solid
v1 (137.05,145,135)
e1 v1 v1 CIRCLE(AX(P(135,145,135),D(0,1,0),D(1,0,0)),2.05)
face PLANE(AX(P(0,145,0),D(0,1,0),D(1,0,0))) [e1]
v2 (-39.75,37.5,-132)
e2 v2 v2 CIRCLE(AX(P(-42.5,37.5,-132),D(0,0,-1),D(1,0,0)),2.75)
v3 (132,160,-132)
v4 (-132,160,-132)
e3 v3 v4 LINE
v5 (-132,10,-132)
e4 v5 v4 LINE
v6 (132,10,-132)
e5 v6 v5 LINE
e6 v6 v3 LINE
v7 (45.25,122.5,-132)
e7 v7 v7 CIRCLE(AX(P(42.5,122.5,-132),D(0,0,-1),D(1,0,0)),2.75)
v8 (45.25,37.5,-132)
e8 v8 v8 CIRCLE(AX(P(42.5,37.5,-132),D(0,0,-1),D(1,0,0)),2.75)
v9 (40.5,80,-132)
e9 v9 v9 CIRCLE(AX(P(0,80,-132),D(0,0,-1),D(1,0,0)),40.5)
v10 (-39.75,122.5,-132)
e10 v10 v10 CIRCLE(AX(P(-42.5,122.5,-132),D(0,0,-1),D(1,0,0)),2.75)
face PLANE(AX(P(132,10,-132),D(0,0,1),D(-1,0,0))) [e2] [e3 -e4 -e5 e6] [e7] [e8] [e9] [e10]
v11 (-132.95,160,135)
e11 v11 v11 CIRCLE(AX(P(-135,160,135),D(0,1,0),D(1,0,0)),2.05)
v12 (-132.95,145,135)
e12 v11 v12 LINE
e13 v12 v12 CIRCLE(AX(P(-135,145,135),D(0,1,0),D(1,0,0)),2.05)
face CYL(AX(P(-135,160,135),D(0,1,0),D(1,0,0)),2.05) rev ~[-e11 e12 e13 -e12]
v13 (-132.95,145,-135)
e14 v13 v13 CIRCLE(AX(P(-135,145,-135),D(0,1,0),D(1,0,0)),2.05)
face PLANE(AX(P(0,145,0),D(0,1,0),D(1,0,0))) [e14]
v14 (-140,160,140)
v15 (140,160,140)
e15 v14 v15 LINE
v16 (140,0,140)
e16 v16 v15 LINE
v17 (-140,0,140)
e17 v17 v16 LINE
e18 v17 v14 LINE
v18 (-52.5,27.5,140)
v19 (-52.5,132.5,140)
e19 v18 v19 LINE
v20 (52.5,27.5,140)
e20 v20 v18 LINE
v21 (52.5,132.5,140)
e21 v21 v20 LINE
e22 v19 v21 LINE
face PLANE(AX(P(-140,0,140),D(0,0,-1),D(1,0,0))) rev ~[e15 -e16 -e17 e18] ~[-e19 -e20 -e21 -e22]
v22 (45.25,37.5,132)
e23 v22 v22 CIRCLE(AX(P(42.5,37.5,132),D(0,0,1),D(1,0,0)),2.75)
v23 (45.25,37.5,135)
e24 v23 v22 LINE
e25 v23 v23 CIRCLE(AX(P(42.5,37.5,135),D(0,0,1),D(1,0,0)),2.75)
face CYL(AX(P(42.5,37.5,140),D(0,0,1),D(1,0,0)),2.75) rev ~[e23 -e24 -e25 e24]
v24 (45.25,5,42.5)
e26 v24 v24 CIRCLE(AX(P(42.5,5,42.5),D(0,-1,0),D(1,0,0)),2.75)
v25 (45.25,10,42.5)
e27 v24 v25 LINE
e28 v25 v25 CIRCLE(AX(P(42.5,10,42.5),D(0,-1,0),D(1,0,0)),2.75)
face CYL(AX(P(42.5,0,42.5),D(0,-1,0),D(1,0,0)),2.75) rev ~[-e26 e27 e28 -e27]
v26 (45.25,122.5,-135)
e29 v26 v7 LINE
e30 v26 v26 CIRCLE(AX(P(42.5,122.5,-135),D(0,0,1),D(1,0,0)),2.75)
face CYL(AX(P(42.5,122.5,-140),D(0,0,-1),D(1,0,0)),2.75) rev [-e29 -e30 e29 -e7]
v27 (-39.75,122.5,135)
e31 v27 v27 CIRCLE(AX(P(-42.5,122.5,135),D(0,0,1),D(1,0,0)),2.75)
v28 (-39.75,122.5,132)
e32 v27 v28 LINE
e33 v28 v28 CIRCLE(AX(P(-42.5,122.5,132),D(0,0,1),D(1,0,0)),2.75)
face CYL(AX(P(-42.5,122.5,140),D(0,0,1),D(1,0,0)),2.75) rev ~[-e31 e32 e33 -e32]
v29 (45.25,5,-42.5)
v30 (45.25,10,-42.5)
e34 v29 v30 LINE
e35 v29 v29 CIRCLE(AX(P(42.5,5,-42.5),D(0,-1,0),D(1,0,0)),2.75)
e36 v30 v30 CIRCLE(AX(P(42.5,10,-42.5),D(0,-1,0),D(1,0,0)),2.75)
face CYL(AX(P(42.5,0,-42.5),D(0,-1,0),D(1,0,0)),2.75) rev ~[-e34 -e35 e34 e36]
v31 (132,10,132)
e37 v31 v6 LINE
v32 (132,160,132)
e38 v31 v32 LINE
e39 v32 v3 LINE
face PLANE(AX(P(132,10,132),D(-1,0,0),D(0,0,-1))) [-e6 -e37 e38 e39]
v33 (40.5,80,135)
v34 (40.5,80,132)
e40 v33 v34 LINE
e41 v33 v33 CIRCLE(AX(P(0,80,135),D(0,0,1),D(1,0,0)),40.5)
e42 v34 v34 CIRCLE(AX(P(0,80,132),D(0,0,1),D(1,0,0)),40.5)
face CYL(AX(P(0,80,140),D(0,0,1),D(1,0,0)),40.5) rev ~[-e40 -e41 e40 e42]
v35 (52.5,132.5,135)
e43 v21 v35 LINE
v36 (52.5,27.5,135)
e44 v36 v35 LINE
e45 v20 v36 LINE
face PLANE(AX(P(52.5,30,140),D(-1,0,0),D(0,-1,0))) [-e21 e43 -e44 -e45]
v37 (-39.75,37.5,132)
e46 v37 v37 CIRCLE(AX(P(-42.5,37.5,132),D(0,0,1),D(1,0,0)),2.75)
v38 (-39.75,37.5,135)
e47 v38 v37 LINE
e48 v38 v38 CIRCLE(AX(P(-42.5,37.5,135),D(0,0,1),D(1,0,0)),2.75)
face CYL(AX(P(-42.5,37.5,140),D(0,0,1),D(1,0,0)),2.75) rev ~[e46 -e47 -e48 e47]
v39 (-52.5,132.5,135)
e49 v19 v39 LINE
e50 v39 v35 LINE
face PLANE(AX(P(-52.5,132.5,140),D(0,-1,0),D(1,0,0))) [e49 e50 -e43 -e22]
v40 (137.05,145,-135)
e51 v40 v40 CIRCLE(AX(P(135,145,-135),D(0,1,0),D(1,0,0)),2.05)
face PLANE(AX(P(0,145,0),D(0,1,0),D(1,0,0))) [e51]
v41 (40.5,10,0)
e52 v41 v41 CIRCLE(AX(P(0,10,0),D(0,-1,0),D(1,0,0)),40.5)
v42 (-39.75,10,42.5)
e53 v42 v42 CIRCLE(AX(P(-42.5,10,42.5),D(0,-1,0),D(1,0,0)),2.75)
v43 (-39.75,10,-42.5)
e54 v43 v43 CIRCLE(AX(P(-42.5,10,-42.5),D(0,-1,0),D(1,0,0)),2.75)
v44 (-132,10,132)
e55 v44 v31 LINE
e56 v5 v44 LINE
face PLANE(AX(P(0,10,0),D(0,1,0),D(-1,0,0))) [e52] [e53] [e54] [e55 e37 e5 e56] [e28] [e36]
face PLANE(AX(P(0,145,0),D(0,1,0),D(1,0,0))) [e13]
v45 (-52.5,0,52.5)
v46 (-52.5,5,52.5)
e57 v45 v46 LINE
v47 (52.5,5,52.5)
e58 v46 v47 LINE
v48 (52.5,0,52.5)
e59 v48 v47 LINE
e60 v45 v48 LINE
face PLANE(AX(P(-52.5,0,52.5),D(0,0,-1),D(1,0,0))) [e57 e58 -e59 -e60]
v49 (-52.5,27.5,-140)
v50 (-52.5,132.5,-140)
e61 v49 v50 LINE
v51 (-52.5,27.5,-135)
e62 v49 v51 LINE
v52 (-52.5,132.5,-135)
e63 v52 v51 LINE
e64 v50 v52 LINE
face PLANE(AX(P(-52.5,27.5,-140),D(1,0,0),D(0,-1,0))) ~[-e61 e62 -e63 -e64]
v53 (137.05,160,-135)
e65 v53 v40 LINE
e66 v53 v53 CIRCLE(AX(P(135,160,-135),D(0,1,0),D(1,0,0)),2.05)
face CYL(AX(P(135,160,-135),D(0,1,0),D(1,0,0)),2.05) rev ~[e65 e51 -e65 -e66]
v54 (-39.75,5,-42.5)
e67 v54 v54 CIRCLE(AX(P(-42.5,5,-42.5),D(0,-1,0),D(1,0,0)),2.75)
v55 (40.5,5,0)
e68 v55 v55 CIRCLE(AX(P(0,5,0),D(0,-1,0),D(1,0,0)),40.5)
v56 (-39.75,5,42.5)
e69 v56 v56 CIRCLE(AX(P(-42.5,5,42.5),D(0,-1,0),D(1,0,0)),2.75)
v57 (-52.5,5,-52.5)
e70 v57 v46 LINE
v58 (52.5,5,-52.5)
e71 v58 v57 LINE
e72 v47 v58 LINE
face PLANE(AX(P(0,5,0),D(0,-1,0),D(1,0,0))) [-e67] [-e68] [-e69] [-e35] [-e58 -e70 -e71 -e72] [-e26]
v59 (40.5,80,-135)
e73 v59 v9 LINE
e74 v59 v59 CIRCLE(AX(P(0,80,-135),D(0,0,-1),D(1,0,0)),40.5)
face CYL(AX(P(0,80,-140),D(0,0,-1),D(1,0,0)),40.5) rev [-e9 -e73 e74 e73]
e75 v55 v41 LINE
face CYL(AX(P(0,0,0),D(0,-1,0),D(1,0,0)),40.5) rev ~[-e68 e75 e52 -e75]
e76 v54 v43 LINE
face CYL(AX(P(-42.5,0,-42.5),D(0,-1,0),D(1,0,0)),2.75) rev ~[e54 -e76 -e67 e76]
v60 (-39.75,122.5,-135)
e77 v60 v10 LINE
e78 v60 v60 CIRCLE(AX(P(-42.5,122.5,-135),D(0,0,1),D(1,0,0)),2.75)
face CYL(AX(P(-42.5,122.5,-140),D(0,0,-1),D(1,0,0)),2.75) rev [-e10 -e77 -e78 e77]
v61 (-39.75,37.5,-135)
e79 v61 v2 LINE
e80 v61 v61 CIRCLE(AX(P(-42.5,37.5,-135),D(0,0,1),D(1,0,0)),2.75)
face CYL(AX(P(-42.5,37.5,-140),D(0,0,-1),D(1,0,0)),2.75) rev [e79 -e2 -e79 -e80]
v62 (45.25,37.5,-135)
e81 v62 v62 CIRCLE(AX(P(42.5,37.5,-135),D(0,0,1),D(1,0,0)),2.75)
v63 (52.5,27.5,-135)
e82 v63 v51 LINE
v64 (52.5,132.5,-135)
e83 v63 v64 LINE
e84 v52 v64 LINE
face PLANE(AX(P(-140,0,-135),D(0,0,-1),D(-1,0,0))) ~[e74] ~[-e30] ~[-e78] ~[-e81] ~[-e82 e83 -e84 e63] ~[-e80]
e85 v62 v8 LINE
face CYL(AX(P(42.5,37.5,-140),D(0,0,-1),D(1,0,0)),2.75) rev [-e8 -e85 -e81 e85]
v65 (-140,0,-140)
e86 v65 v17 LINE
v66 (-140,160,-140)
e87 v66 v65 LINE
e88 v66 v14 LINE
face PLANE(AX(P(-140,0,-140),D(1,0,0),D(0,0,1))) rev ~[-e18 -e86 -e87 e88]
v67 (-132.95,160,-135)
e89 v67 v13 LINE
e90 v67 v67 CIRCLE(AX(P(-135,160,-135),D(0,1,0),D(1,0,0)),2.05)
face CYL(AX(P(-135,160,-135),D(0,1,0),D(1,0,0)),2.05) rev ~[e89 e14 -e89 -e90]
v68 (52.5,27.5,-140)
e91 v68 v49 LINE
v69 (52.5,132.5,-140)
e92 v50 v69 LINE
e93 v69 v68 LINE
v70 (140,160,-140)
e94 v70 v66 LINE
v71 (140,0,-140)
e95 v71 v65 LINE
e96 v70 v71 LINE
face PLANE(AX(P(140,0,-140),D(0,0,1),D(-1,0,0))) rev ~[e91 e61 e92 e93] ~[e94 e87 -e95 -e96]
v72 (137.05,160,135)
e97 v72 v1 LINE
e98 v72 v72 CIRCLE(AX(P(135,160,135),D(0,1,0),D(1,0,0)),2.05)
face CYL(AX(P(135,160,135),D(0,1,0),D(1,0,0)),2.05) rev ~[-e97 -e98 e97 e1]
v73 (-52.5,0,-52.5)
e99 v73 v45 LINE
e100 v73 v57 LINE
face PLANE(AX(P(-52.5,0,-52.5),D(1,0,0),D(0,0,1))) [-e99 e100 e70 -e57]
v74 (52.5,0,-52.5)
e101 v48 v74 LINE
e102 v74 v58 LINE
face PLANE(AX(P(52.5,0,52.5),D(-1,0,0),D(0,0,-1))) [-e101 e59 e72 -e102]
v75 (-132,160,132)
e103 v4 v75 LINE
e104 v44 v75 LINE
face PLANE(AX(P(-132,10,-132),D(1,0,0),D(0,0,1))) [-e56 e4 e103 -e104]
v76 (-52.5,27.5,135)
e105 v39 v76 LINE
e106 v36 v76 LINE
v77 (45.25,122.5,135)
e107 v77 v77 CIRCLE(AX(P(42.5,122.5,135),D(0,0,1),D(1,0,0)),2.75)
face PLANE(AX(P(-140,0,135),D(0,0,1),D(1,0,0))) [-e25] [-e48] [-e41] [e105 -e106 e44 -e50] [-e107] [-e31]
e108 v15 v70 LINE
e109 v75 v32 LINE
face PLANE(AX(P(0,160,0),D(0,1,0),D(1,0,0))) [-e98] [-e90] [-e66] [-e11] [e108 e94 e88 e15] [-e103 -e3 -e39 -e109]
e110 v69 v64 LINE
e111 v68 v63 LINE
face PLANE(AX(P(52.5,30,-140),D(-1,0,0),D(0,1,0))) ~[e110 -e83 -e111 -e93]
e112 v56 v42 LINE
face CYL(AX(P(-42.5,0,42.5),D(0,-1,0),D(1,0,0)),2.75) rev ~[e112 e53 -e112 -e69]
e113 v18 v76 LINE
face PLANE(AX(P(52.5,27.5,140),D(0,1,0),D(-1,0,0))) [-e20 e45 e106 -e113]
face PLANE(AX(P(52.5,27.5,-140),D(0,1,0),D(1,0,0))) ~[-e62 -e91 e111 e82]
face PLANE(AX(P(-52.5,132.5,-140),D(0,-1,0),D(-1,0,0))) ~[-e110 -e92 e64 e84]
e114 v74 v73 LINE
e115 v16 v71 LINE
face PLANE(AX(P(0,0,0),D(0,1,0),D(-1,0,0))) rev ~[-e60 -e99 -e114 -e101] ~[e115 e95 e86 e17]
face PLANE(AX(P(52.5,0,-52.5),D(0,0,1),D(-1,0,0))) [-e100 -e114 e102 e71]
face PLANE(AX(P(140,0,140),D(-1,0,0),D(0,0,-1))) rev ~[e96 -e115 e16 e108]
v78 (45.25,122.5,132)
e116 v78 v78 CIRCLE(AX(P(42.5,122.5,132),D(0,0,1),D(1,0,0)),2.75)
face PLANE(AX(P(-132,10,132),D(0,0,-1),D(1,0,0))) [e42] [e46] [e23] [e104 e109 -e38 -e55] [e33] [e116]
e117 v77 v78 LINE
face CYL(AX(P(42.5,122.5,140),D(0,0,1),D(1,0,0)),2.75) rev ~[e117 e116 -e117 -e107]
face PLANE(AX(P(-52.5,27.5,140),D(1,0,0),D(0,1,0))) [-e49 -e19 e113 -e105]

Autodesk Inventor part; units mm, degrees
ref_plane "YZ Plane" through (0, 0, 0) normal (1, 0, 0) x (0, 1, 0)
ref_plane "XZ Plane" through (0, 0, 0) normal (0, 1, 0) x (-1, 0, 0)
ref_plane "XY Plane" through (0, 0, 0) normal (0, 0, 1) x (1, 0, 0)
sketch "Sketch1" plane through (0, 0, 0) normal (0, 1, 0) x (-1, 0, 0)
  line L0 (140, 140) -> (-140, 140)
  line L1 (-140, 140) -> (-140, -140)
  line L2 (-140, -140) -> (140, -140)
  line L3 (140, -140) -> (140, 140)
  point P0 (0, 0)
  point P1 (140, 0)
  point P2 (0, -140)
  dimension "d0" = 280
  dimension "d1" = 280
extrude "Extrusion1" add sketch "Sketch1" along normal blind 10
sketch "Sketch2" plane through (0, 10, 0) normal (0, 1, 0) x (1, 0, 0)
  line L0 (-140, -140) -> (140, -140)
  line L1 (140, -140) -> (140, 140)
  line L2 (140, 140) -> (-140, 140)
  line L3 (-140, 140) -> (-140, -140)
  line L4 (-132, -132) -> (132, -132)
  line L5 (132, -132) -> (132, 132)
  line L6 (132, 132) -> (-132, 132)
  line L7 (-132, 132) -> (-132, -132)
  point P0 (0, 0)
  dimension "d4" = 8
extrude "Extrusion2" add sketch "Sketch2" along normal blind 150
sketch "Sketch3" plane through (0, 160, 0) normal (0, 1, 0) x (1, 0, 0)
  circle A0 centre (-135, 135) radius 2.05
  circle A1 centre (135, 135) radius 2.05
  circle A2 centre (135, -135) radius 2.05
  circle A3 centre (-135, -135) radius 2.05
  line L0 (140, -140) -> (140, 140) projected
  line L1 (-140, -140) -> (140, -140) projected
  line L2 (140, 140) -> (-140, 140) projected
  line L3 (-140, 140) -> (-140, -140) projected
  point P0 (0, 0)
  dimension "d8" = 4.1
  dimension "d12" = 5
  dimension "d16" = 5
  dimension "d18" = 4.1
  dimension "d19" = 5
  dimension "d20" = 5
  dimension "d21" = 4.1
  dimension "d22" = 5
  dimension "d23" = 5
  dimension "d24" = 5
  dimension "d25" = 5
  dimension "d26" = 4.1
extrude "Extrusion3" cut sketch "Sketch3" against normal blind 15 contours A0 | A1 | A2 | A3
sketch "Sketch4" plane through (140, 0, 140) normal (1, 0, 0) x (0, 0, -1)
  line L0 (90, 130) -> (190, 130)
  line L1 (190, 130) -> (190, 30)
  line L2 (190, 30) -> (90, 30)
  line L3 (90, 30) -> (90, 130)
  line L4 (0, 160) -> (280, 160) projected
  line L5 (280, 0) -> (280, 160) projected
  point P0 (140, 0)
  point P1 (140, 130)
  point P2 (140, 160)
  point P3 (190, 80)
  point P4 (280, 80)
  dimension "d29" = 100
  dimension "d30" = 100
sketch "Sketch5" plane through (-140, 0, 140) normal (0, 0, 1) x (1, 0, 0)
  line L0 (280, 0) -> (280, 160) projected
  line L1 (0, 160) -> (280, 160) projected
  circle A0 centre (140, 80) radius 40.5
  point P0 (140, 0)
  point P1 (195.958, 80)
  point P2 (280, 80)
  point P3 (140, 107.0458)
  point P4 (140, 160)
  point P5 (280, 80)
  point P6 (140, 160)
  dimension "d81" = 81
extrude "Extrusion4" cut sketch "Sketch5" against normal blind 10
sketch "Sketch6" plane through (-140, 0, 140) normal (0, 0, 1) x (1, 0, 0)
  line L0 (192.5, 27.5) -> (87.5, 27.5)
  line L1 (87.5, 27.5) -> (87.5, 132.5)
  line L2 (87.5, 132.5) -> (192.5, 132.5)
  line L3 (192.5, 132.5) -> (192.5, 27.5)
  line L4 (0, 0) -> (280, 0) projected
  line L5 (0, 0) -> (0, 160) projected
  circle A0 centre (182.5, 37.5) radius 2.75
  circle A1 centre (182.5, 122.5) radius 2.75
  circle A2 centre (97.5, 37.5) radius 2.75
  circle A3 centre (97.5, 122.5) radius 2.75
  line L6 (210, 30) -> (70, 30)
  point P0 (140, 0)
  point P1 (49.5, 158)
  point P2 (180.5, 27)
  point P3 (140, 27.5)
  point P4 (140, 0)
  point P5 (87.5, 80)
  point P6 (0, 80)
  point P7 (60, 80)
  point P8 (140, 30)
  dimension "d108" = 105
  dimension "d109" = 105
  dimension "d112" = 5.5
  dimension "d113" = 10
  dimension "d114" = 10
  dimension "d117" = 85
  dimension "d120" = 85
sketch "Sketch7" plane through (0, 10, 0) normal (0, 1, 0) x (1, 0, 0)
  line L0 (132, 132) -> (132, -132) construction
  line L1 (132, 0) -> (-132, 0) construction
  line L2 (-132, -132) -> (-132, 132) construction
  point P0 (0, 0)
ref_plane "Work Plane1" through (132, 10, 0) normal (0, 0, -1) x (-1, 0, 0)
extrude "Extrusion13" cut sketch "Sketch6" against normal blind 5
mirror "Mirror2" about plane through (132, 10, 0) normal (0, 0, -1) of "Extrusion4"
sketch "Sketch8" plane through (0, 0, 0) normal (0, -1, 0) x (1, 0, 0)
  line L0 (75, -75) -> (-75, -75)
  line L1 (-75, -75) -> (-75, 75)
  line L2 (-75, 75) -> (75, 75)
  line L3 (75, 75) -> (75, -75)
  circle A0 centre (65, -65) radius 2.75
  circle A1 centre (65, 65) radius 2.75
  circle A2 centre (-65, -65) radius 2.75
  circle A3 centre (-65, 65) radius 2.75
  circle A4 centre (0, 0) radius 40.5
  point P0 (-35, 0)
  point P1 (0, -35)
  point P2 (75, 0)
  point P3 (0, -75)
  dimension "d58" = 130
  dimension "d65" = 130
  dimension "d82" = 81
  dimension "d83" = 150
  dimension "d84" = 150
  dimension "d85" = 10
  dimension "d86" = 10
  dimension "d87" = 130
  dimension "d88" = 130
  dimension "d89" = 5.5
  dimension "d90" = 5.5
  dimension "d91" = 5.5
  dimension "d92" = 5.5
extrude "Extrusion9" cut sketch "Sketch8" against normal blind 10 contours A4
sketch "Sketch13" plane through (0, 0, 0) normal (0, -1, 0) x (1, 0, 0)
  line L0 (-52.5, 52.5) -> (52.5, 52.5)
  line L1 (52.5, 52.5) -> (52.5, -52.5)
  line L2 (52.5, -52.5) -> (-52.5, -52.5)
  line L3 (-52.5, -52.5) -> (-52.5, 52.5)
  circle A0 centre (-42.5, 42.5) radius 2.75
  circle A1 centre (-42.5, -42.5) radius 2.75
  circle A2 centre (42.5, -42.5) radius 2.75
  circle A3 centre (42.5, 42.5) radius 2.75
  point P0 (0, 0)
  point P1 (52.5, 0)
  point P2 (0, 52.5)
  dimension "d95" = 105
  dimension "d96" = 105
  dimension "d97" = 5.5
  dimension "d98" = 10
  dimension "d99" = 10
  dimension "d102" = 360
extrude "Extrusion10" cut sketch "Sketch13" against normal blind 5
sketch "Sketch14" plane through (42.5, 0, 42.5) normal (0, -1, 0) x (1, 0, 0)
  circle A0 centre (0, 0) radius 2.75 projected
  circle A1 centre (0, 0) radius 2.75
  circle A2 centre (0, -85) radius 2.75 projected
  circle A3 centre (0, -85) radius 2.75
  circle A4 centre (-85, -85) radius 2.75 projected
  circle A5 centre (-85, -85) radius 2.75
  circle A6 centre (-85, 0) radius 2.75
  circle A7 centre (-85, 0) radius 2.75 projected
  point P0 (-42.5, -42.5)
extrude "Extrusion11" cut sketch "Sketch14" against normal up to next
sketch "Sketch16" plane through (-42.5, 122.5, 140) normal (0, 0, 1) x (1, 0, 0)
  circle A0 centre (0, 0) radius 2.75
  circle A1 centre (85, 0) radius 2.75
  circle A2 centre (85, 0) radius 2.75 projected
  circle A3 centre (85, -85) radius 2.75
  circle A4 centre (85, -85) radius 2.75 projected
  circle A5 centre (0, -85) radius 2.75
  circle A6 centre (0, -85) radius 2.75 projected
  circle A7 centre (0, 0) radius 2.75 projected
  point P0 (42.5, -122.5)
  dimension "d129" = 5.5
  dimension "d130" = 5.5
  dimension "d131" = 5.5
  dimension "d132" = 5.5
extrude "Extrusion14" cut sketch "Sketch16" against normal blind 10
mirror "Mirror4" about plane through (132, 10, 0) normal (0, 0, -1) of "Extrusion13", "Extrusion14"
properties part number "brain box bottom"
